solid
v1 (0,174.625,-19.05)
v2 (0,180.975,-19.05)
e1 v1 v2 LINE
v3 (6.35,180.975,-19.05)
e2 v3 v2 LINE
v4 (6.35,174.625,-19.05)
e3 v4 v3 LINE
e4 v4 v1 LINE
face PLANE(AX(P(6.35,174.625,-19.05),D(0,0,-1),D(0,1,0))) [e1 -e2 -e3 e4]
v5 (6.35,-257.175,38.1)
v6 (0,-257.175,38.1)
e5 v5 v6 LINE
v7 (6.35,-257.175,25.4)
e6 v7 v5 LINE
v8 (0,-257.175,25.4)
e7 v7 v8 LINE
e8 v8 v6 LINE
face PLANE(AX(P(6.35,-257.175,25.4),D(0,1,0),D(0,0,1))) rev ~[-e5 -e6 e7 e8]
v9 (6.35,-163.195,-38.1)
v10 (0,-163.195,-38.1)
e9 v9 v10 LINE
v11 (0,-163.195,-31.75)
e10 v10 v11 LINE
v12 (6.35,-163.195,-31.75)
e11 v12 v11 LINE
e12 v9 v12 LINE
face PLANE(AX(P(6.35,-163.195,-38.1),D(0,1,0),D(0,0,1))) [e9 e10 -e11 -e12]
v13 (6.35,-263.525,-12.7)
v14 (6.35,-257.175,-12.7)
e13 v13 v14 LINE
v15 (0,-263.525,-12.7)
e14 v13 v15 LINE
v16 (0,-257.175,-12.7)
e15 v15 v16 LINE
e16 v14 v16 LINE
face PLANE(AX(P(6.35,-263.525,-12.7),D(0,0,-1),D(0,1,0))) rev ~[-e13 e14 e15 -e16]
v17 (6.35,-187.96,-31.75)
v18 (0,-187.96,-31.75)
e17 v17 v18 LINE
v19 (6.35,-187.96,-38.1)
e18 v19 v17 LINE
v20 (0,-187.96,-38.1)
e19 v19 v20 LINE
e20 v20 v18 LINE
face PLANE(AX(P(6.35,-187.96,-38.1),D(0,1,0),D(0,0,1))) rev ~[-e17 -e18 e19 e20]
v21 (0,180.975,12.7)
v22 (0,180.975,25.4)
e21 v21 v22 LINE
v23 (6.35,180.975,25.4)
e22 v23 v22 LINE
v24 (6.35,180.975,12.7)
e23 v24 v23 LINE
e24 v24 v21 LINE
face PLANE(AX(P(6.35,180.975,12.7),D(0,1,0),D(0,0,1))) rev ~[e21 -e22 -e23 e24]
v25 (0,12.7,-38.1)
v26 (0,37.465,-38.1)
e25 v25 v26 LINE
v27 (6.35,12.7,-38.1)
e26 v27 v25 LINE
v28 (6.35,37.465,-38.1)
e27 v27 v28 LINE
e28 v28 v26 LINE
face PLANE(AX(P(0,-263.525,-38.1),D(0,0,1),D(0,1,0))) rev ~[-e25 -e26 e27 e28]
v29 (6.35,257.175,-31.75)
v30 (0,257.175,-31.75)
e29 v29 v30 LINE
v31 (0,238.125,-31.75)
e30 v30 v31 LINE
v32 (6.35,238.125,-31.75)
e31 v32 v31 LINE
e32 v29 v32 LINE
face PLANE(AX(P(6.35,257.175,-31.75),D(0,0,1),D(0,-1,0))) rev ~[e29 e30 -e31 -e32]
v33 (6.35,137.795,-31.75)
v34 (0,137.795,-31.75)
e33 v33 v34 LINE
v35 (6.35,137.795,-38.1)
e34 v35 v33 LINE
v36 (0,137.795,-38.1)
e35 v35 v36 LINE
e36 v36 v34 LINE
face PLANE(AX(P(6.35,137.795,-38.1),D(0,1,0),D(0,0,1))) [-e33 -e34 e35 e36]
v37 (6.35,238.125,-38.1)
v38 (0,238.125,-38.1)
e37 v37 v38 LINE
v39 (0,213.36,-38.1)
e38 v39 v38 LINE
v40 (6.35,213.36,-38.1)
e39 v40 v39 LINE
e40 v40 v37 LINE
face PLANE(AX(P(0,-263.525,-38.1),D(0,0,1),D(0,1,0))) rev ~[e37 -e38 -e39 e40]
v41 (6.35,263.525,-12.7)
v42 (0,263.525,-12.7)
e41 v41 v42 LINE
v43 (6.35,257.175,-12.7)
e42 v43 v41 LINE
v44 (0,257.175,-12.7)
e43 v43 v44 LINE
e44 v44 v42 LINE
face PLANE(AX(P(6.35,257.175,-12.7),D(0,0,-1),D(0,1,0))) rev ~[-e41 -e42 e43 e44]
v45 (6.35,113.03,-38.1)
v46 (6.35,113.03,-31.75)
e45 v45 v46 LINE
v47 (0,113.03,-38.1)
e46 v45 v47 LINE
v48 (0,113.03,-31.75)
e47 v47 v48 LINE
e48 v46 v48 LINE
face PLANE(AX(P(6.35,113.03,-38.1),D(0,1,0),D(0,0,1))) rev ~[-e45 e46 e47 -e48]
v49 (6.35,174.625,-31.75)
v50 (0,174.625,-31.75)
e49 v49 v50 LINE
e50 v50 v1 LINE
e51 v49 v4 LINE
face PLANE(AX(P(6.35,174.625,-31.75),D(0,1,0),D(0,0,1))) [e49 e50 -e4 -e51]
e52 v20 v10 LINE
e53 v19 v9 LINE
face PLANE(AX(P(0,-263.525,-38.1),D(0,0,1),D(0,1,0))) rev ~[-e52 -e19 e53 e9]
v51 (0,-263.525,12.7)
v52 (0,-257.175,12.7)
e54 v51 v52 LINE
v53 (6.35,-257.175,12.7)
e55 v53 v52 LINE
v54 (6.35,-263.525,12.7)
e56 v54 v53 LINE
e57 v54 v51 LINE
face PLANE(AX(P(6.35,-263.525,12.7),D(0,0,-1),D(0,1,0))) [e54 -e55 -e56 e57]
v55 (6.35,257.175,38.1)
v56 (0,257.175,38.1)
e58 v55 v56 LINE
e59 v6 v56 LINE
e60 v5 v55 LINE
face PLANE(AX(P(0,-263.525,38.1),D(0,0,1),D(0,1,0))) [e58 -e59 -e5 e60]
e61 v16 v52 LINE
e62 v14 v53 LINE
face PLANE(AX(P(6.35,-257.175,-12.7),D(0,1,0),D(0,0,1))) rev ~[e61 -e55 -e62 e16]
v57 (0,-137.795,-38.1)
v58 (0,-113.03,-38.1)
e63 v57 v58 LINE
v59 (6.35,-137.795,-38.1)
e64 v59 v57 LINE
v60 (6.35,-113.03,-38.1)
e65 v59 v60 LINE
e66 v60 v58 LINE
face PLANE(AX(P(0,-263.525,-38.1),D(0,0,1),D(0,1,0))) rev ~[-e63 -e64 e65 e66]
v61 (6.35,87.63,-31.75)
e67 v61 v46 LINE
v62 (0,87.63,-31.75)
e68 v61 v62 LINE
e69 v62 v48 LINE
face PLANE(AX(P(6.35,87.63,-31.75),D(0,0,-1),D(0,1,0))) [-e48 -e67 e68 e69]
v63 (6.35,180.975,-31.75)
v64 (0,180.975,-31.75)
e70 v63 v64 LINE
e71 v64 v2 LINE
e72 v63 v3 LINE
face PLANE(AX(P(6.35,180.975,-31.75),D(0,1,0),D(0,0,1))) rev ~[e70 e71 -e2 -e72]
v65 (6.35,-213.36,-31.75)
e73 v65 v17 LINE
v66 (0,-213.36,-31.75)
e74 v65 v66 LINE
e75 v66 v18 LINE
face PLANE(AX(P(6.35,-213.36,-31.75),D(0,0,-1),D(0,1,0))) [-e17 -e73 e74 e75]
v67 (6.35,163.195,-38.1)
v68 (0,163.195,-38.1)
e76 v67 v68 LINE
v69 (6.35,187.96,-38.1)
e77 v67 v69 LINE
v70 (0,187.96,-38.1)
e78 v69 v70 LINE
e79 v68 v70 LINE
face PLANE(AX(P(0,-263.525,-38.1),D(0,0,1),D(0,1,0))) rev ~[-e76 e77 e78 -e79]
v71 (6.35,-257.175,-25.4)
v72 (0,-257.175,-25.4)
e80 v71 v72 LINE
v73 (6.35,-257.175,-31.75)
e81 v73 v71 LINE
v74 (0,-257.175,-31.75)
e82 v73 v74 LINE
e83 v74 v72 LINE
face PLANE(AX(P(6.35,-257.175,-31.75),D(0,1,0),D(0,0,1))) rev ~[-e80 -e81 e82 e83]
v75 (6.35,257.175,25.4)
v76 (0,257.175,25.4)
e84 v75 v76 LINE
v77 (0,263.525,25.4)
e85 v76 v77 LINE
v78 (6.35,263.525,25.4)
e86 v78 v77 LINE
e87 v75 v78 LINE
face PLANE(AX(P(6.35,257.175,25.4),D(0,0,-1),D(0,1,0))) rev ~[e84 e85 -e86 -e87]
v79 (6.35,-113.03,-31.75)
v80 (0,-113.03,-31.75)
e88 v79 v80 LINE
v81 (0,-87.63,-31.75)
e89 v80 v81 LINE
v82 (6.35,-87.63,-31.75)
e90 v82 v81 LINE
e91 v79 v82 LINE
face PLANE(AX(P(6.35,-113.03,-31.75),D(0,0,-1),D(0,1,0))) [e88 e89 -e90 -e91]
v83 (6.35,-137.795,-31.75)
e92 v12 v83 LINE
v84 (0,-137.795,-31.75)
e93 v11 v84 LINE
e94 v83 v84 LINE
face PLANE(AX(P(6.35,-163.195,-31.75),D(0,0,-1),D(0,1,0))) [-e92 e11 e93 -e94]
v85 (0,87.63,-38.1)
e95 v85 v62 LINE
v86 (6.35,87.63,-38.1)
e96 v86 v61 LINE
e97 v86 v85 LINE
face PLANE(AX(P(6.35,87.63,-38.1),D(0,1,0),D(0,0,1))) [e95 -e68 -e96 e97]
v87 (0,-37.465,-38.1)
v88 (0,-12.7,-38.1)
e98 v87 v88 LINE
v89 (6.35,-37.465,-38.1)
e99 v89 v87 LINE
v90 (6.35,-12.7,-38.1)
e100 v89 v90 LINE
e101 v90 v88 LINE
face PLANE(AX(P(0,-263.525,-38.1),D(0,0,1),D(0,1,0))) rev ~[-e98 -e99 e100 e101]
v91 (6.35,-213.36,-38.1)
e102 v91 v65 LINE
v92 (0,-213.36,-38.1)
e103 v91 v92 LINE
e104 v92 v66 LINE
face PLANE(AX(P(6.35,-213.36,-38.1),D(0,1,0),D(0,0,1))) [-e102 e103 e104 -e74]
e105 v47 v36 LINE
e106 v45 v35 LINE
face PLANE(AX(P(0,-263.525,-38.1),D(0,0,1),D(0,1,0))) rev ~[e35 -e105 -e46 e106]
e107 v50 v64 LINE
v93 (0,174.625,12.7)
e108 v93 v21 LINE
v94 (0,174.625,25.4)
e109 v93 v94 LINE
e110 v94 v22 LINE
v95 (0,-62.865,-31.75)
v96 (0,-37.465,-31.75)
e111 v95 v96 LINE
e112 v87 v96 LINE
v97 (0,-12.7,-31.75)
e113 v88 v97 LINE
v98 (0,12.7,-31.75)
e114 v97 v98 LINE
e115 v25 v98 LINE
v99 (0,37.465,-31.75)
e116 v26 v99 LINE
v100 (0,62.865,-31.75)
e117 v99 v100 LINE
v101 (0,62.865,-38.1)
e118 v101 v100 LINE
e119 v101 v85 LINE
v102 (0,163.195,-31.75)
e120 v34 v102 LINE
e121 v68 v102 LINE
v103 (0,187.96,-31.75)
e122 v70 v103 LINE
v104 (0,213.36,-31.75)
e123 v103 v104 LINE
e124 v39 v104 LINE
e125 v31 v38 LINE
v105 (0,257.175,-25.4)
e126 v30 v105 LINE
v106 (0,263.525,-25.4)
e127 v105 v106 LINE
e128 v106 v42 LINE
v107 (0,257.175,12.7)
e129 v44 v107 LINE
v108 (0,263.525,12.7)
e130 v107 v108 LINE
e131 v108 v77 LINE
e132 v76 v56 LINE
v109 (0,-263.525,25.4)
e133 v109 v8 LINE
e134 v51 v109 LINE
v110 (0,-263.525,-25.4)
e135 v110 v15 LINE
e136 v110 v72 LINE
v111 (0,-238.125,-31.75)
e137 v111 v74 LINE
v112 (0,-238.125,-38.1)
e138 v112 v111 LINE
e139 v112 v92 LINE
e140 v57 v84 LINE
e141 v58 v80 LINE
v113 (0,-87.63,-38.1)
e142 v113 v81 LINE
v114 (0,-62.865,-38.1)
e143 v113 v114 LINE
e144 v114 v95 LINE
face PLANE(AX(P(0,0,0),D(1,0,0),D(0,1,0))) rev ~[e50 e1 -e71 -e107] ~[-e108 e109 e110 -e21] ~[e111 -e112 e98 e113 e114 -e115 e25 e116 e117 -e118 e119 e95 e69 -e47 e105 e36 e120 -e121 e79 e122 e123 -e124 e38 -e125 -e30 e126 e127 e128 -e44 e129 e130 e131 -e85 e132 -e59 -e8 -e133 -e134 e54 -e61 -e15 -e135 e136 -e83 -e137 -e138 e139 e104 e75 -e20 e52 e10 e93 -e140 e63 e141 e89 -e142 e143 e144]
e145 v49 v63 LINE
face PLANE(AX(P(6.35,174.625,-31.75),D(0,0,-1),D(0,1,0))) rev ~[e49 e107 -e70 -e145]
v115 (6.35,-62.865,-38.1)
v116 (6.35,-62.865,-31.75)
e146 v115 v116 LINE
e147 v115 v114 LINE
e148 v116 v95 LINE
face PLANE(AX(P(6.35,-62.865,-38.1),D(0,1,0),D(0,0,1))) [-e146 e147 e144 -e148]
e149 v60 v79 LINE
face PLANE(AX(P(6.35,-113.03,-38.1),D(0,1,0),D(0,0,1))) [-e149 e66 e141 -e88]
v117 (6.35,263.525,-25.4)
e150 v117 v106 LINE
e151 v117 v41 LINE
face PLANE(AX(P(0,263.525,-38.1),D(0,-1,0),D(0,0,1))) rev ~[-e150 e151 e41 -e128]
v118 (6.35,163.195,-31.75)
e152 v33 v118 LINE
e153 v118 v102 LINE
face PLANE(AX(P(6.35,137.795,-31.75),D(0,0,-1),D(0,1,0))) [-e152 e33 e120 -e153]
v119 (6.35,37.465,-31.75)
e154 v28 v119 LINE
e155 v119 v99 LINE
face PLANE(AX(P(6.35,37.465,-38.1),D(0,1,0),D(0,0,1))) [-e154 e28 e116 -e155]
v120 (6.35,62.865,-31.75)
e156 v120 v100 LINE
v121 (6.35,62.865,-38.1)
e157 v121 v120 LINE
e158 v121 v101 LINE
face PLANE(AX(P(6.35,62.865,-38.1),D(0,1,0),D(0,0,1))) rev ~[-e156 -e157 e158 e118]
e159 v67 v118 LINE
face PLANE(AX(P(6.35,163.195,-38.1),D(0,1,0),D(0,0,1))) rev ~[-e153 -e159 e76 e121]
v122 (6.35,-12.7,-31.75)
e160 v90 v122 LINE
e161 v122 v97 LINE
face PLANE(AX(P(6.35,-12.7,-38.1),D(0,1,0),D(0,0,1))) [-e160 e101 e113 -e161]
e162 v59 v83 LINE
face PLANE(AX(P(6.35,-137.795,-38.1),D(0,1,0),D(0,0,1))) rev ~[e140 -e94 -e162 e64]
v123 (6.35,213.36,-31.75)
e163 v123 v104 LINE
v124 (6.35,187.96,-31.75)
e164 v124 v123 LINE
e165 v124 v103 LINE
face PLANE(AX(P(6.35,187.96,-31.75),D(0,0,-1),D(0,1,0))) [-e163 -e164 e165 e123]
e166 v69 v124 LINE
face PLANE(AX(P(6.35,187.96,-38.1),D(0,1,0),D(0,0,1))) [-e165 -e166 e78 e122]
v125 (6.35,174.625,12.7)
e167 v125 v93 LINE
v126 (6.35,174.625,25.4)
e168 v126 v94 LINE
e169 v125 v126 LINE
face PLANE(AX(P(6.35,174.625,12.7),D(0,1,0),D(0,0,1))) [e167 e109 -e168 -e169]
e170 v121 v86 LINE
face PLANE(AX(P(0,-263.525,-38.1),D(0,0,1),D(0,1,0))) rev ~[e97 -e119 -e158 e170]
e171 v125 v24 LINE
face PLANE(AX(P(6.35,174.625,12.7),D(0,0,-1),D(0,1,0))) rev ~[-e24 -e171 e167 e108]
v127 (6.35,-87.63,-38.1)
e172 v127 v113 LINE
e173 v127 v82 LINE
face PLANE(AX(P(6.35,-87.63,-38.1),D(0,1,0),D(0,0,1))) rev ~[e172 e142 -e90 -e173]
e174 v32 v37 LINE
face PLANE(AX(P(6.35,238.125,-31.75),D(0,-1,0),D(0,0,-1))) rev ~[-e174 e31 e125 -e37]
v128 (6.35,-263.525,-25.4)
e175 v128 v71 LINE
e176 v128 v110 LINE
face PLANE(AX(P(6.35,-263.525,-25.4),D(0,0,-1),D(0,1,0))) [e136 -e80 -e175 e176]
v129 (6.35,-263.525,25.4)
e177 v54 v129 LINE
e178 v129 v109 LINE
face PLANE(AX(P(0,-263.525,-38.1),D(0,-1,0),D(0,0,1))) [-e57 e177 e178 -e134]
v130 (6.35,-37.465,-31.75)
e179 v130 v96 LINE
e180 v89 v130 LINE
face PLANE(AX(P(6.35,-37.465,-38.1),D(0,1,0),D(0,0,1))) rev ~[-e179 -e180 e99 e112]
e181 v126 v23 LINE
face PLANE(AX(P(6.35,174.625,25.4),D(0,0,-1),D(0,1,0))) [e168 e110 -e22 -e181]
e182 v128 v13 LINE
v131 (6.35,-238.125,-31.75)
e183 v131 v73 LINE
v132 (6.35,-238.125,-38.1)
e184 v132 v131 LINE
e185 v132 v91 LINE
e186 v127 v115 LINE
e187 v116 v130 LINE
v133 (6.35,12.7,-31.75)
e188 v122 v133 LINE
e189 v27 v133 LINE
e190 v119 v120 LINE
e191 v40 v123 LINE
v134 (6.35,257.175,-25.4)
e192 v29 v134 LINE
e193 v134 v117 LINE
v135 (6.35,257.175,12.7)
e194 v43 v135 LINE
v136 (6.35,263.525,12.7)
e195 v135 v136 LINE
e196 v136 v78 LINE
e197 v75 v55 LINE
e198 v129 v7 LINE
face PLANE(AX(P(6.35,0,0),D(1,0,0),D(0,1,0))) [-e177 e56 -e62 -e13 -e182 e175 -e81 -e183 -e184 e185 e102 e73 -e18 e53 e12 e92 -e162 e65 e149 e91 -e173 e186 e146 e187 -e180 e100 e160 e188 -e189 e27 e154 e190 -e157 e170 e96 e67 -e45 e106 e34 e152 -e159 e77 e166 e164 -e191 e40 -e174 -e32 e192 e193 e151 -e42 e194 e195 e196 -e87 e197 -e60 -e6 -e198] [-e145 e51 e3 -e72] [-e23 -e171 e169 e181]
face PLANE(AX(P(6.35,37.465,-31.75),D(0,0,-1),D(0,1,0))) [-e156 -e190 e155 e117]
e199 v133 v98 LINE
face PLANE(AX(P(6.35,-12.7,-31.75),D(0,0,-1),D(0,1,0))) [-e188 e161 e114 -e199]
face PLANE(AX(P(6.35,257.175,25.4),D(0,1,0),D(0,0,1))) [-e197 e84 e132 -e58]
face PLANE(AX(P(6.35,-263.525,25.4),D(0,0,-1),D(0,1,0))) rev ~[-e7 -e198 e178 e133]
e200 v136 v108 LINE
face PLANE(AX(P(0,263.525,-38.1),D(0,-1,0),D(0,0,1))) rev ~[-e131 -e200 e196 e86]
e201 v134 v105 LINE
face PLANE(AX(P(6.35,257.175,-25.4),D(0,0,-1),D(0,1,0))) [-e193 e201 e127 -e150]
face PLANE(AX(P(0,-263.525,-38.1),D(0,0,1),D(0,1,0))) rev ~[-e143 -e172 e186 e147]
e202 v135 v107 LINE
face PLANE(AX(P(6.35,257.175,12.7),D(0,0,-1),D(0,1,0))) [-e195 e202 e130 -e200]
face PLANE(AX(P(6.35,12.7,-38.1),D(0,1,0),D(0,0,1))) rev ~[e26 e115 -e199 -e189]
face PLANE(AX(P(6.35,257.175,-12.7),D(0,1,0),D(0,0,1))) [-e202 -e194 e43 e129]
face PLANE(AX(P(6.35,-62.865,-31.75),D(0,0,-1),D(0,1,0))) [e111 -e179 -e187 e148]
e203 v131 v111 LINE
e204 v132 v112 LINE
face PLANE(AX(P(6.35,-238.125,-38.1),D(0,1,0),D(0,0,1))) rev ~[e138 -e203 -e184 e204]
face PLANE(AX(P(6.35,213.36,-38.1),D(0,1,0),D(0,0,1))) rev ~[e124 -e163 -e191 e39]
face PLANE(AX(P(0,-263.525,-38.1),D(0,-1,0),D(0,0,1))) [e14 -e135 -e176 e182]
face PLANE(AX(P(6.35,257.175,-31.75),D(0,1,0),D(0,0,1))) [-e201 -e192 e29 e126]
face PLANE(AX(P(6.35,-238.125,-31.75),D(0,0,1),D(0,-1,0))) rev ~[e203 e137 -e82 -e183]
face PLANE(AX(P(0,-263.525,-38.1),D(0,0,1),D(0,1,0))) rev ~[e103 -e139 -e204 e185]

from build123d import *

# Parameters (mm, degrees)
F0_W     = 527.05
F0_H     = 76.2
F1_DEPTH = 6.35
F2_W     = 6.35
F2_H     = 6.35
F2_W_2   = 25.4
F2_H_2   = 12.7
F2_H_3   = 25.4
F3_DEPTH = 6.35
F4_W     = 6.35
F4_H     = 12.7
F5_DEPTH = 25.4


with BuildPart() as f1:
    # F0 (on Right) → F1 (new body)
    with BuildSketch(Plane.YZ):
        Rectangle(F0_W, F0_H)
    extrude(amount=F1_DEPTH)

    # F2 (on face) → F3 (cut, through all)
    with BuildSketch(Plane.YZ.offset(6.35)):
        Polygon((-263.525, -31.75), (-263.525, -38.1), (-238.125, -38.1), (-238.125, -31.75), (-257.175, -31.75), align=None)
        with Locations((-260.35, -28.575)):
            Rectangle(F2_W, F2_H)
        with Locations((-200.66, -34.925)):
            Rectangle(F2_W_2, F2_H)
        with Locations((-150.495, -34.925)):
            Rectangle(F2_W_2, F2_H)
        with Locations((-100.33, -34.925)):
            Rectangle(F2_W_2, F2_H)
        with Locations((-50.165, -34.925)):
            Rectangle(F2_W_2, F2_H)
        with Locations((0, -34.925)):
            Rectangle(F2_W_2, F2_H)
        with Locations((50.165, -34.925)):
            Rectangle(F2_W_2, F2_H)
        with Locations((100.33, -34.925)):
            Rectangle(F2_W_2, F2_H)
        with Locations((150.495, -34.925)):
            Rectangle(F2_W_2, F2_H)
        with Locations((200.66, -34.925)):
            Rectangle(F2_W_2, F2_H)
        Polygon((238.125, -31.75), (238.125, -38.1), (263.525, -38.1), (263.525, -31.75), (257.175, -31.75), align=None)
        with Locations((260.35, -28.575)):
            Rectangle(F2_W, F2_H)
        with Locations((-260.35, 31.75)):
            Rectangle(F2_W, F2_H_2)
        with Locations((-260.35, 0)):
            Rectangle(F2_W, F2_H_3)
        with Locations((260.35, 31.75)):
            Rectangle(F2_W, F2_H_2)
        with Locations((260.35, 0)):
            Rectangle(F2_W, F2_H_3)
    extrude(amount=-F3_DEPTH, mode=Mode.SUBTRACT)

    # F4 (on face) → F5 (cut)
    with BuildSketch(Plane.YZ.offset(6.35)):
        with Locations((177.8, 19.05)):
            Rectangle(F4_W, F4_H)
        with Locations((177.8, -25.4)):
            Rectangle(F4_W, F4_H)
    extrude(amount=-F5_DEPTH, mode=Mode.SUBTRACT)


solid = f1.part
